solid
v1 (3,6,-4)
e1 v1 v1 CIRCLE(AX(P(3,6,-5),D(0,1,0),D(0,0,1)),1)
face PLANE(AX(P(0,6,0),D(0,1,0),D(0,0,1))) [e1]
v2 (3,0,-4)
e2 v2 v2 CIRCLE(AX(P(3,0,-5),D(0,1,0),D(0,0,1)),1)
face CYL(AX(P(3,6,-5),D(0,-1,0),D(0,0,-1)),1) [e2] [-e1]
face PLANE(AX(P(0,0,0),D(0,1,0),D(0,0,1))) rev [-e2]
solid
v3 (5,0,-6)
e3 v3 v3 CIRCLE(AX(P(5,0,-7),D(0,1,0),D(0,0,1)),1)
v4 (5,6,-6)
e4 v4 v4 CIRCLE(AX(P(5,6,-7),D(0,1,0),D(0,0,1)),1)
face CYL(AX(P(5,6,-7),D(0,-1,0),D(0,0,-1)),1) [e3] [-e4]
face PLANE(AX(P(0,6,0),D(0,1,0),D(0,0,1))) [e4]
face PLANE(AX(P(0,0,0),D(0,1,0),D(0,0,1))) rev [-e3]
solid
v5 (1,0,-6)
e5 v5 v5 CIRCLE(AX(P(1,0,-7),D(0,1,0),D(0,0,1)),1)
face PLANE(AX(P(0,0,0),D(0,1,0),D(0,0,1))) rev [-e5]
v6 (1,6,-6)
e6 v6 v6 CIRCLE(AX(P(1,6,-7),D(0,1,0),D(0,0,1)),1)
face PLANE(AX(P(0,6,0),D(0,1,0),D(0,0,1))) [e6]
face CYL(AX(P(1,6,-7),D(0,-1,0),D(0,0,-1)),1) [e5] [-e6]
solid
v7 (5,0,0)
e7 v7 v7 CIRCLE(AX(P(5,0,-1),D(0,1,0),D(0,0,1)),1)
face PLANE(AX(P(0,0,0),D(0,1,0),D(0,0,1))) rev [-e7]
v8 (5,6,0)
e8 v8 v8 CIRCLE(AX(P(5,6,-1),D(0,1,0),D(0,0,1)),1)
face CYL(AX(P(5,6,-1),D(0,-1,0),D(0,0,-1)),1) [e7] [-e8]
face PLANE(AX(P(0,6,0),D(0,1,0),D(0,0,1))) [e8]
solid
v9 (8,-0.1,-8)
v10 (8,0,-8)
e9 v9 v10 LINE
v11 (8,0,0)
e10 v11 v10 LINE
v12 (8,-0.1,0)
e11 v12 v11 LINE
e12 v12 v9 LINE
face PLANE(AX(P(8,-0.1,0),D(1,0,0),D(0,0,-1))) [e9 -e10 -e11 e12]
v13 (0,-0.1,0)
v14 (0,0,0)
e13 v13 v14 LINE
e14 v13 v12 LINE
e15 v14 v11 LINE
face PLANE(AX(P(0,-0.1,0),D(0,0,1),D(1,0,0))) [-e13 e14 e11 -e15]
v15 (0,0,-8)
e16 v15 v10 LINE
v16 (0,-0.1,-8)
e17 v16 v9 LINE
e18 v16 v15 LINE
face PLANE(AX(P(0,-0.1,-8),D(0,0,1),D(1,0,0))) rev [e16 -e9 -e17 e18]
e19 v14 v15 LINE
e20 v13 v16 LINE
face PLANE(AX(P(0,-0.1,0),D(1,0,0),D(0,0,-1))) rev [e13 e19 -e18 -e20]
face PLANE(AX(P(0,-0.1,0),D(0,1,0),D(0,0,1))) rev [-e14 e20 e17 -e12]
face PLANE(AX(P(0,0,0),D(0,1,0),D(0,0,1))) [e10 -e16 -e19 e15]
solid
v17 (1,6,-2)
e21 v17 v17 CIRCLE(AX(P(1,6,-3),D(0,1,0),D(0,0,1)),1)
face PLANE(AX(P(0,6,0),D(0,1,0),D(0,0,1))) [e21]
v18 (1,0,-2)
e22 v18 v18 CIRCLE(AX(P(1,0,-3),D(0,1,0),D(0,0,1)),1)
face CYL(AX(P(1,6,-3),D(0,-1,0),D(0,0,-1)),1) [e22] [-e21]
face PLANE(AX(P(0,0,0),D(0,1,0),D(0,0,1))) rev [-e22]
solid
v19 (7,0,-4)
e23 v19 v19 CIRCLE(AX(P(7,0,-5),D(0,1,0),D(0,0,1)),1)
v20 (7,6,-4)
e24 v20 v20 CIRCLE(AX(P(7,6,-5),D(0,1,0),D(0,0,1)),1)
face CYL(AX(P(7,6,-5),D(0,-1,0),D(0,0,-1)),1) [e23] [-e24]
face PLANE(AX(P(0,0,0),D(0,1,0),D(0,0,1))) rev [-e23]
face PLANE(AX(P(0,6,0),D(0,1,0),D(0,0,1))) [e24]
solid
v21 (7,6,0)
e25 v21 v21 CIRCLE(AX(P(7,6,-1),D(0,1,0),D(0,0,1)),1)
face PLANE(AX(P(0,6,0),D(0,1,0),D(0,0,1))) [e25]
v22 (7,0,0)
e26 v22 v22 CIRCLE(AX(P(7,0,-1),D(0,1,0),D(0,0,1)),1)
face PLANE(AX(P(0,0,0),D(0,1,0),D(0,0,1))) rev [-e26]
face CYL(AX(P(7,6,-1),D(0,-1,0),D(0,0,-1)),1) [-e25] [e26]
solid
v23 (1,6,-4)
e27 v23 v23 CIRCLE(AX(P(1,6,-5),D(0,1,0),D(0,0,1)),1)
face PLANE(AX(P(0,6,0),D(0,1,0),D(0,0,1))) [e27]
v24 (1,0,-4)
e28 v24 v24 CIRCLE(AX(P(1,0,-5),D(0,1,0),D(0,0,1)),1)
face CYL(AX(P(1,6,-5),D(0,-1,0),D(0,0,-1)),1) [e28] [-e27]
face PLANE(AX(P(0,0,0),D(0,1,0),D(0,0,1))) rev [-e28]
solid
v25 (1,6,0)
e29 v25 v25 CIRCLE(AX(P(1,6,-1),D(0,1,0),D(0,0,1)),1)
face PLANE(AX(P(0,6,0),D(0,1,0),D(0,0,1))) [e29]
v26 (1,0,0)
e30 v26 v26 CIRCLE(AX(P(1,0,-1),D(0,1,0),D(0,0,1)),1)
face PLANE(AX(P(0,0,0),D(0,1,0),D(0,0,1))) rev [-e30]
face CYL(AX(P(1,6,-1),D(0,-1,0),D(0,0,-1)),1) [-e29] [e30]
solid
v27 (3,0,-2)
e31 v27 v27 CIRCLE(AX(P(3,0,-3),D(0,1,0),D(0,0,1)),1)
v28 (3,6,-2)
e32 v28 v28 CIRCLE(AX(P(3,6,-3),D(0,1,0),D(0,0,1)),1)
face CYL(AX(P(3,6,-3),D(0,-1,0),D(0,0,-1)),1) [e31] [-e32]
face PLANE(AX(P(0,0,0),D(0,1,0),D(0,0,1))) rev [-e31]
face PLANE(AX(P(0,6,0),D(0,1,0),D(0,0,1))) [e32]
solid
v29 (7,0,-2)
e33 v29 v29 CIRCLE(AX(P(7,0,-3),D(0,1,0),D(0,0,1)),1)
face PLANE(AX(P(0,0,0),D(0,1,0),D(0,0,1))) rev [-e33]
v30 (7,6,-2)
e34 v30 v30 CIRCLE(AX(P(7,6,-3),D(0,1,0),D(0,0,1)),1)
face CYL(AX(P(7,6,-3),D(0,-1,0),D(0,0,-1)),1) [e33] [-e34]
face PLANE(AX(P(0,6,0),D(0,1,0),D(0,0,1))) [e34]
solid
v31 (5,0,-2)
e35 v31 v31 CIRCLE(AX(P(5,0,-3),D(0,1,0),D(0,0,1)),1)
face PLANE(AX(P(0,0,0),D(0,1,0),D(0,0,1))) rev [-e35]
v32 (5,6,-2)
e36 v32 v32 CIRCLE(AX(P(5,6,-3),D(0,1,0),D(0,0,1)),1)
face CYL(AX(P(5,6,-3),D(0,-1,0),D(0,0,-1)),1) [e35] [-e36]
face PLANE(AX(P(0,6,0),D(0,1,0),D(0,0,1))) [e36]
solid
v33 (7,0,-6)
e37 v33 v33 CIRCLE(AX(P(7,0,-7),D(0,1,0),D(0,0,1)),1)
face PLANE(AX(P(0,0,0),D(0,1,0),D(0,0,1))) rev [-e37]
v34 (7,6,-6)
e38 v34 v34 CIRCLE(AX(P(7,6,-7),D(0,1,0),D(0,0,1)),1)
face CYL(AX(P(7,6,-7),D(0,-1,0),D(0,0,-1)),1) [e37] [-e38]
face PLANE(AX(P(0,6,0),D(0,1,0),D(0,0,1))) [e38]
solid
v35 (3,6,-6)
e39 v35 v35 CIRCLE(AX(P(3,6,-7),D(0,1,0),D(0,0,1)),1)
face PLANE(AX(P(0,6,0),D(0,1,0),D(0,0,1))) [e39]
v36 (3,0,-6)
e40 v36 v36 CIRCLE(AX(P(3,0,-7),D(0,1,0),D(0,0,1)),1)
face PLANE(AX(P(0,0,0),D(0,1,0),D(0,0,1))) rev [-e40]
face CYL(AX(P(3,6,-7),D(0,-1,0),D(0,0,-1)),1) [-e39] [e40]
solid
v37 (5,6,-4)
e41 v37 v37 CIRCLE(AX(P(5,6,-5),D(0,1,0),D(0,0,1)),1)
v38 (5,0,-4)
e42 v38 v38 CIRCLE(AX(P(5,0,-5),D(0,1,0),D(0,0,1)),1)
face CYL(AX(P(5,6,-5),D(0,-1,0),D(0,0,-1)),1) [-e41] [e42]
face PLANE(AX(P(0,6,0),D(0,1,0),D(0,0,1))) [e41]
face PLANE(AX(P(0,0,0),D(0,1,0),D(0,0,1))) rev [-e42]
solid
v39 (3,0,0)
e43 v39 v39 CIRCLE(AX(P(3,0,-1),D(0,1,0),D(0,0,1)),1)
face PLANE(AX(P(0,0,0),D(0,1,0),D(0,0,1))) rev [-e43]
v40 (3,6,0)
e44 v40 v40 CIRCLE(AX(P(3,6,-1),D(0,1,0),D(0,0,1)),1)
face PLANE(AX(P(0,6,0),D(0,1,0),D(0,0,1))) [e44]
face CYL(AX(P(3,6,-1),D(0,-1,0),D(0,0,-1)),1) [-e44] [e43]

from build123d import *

# Parameters (mm, degrees)
SKETCH1_R              = 1
SKETCH1_W              = 8
SKETCH1_H              = 8
BOSS_EXTRUDE1_DEPTH    = 0.1
BOSS_EXTRUDE6_DEPTH    = 6
BOSS_EXTRUDE6_2_DEPTH  = 6
BOSS_EXTRUDE6_3_DEPTH  = 6
BOSS_EXTRUDE6_4_DEPTH  = 6
BOSS_EXTRUDE6_5_DEPTH  = 6
BOSS_EXTRUDE6_6_DEPTH  = 6
BOSS_EXTRUDE6_7_DEPTH  = 6
BOSS_EXTRUDE6_8_DEPTH  = 6
BOSS_EXTRUDE6_9_DEPTH  = 6
BOSS_EXTRUDE6_10_DEPTH = 6
BOSS_EXTRUDE6_11_DEPTH = 6
BOSS_EXTRUDE6_12_DEPTH = 6
BOSS_EXTRUDE6_13_DEPTH = 6
BOSS_EXTRUDE6_14_DEPTH = 6
BOSS_EXTRUDE6_15_DEPTH = 6
BOSS_EXTRUDE6_16_DEPTH = 6


with BuildPart() as part:
    # Sketch1 → Boss-Extrude1 (new body)
    with BuildSketch(Plane(origin=(0, 0, 0), x_dir=(1, 0, 0), z_dir=(0, 1, 0))):
        with Locations((3, 1)):
            Circle(SKETCH1_R)
        with Locations((3, 3)):
            Circle(SKETCH1_R)
        with Locations((1, 3)):
            Circle(SKETCH1_R)
        with Locations((1, 1)):
            Circle(SKETCH1_R)
        with Locations((4, 4)):
            Rectangle(SKETCH1_W, SKETCH1_H)
    extrude(amount=-BOSS_EXTRUDE1_DEPTH)


with BuildPart() as body_2:
    # Sketch1<5> → Boss-Extrude6 (new body)
    with BuildSketch(Plane(origin=(0, 0, 0), x_dir=(1, 0, 0), z_dir=(0, 1, 0))):
        with BuildLine():
            ThreePointArc((2, 1), (1.707106781, 1.707106781), (1, 2))
            ThreePointArc((1, 2), (0.292893219, 0.292893219), (2, 1))
        make_face()
    extrude(amount=BOSS_EXTRUDE6_DEPTH)


with BuildPart() as body_3:
    # Sketch1<5> → Boss-Extrude6 2 (new body)
    with BuildSketch(Plane(origin=(0, 0, 0), x_dir=(1, 0, 0), z_dir=(0, 1, 0))):
        with BuildLine():
            ThreePointArc((2, 1), (3, 0), (4, 1))
            ThreePointArc((4, 1), (3.707106781, 1.707106781), (3, 2))
            ThreePointArc((3, 2), (2.292893219, 1.707106781), (2, 1))
        make_face()
    extrude(amount=BOSS_EXTRUDE6_2_DEPTH)


with BuildPart() as body_4:
    # Sketch1<5> → Boss-Extrude6 3 (new body)
    with BuildSketch(Plane(origin=(0, 0, 0), x_dir=(1, 0, 0), z_dir=(0, 1, 0))):
        with BuildLine():
            ThreePointArc((1, 2), (1.707106781, 2.292893219), (2, 3))
            ThreePointArc((2, 3), (1.707106781, 3.707106781), (1, 4))
            ThreePointArc((1, 4), (0, 3), (1, 2))
        make_face()
    extrude(amount=BOSS_EXTRUDE6_3_DEPTH)


with BuildPart() as body_5:
    # Sketch1<5> → Boss-Extrude6 4 (new body)
    with BuildSketch(Plane(origin=(0, 0, 0), x_dir=(1, 0, 0), z_dir=(0, 1, 0))):
        with BuildLine():
            ThreePointArc((4, 1), (5, 0), (6, 1))
            ThreePointArc((6, 1), (5.707106781, 1.707106781), (5, 2))
            ThreePointArc((5, 2), (4.292893219, 1.707106781), (4, 1))
        make_face()
    extrude(amount=BOSS_EXTRUDE6_4_DEPTH)


with BuildPart() as body_6:
    # Sketch1<5> → Boss-Extrude6 5 (new body)
    with BuildSketch(Plane(origin=(0, 0, 0), x_dir=(1, 0, 0), z_dir=(0, 1, 0))):
        with BuildLine():
            ThreePointArc((2, 3), (2.292893219, 2.292893219), (3, 2))
            ThreePointArc((3, 2), (3.707106781, 2.292893219), (4, 3))
            ThreePointArc((4, 3), (3.707106781, 3.707106781), (3, 4))
            ThreePointArc((3, 4), (2.292893219, 3.707106781), (2, 3))
        make_face()
    extrude(amount=BOSS_EXTRUDE6_5_DEPTH)


with BuildPart() as body_7:
    # Sketch1<5> → Boss-Extrude6 6 (new body)
    with BuildSketch(Plane(origin=(0, 0, 0), x_dir=(1, 0, 0), z_dir=(0, 1, 0))):
        with BuildLine():
            ThreePointArc((1, 4), (1.707106781, 4.292893219), (2, 5))
            ThreePointArc((2, 5), (1.707106781, 5.707106781), (1, 6))
            ThreePointArc((1, 6), (0, 5), (1, 4))
        make_face()
    extrude(amount=BOSS_EXTRUDE6_6_DEPTH)


with BuildPart() as body_8:
    # Sketch1<5> → Boss-Extrude6 7 (new body)
    with BuildSketch(Plane(origin=(0, 0, 0), x_dir=(1, 0, 0), z_dir=(0, 1, 0))):
        with BuildLine():
            ThreePointArc((6, 1), (7.707106781, 0.292893219), (7, 2))
            ThreePointArc((7, 2), (6.292893219, 1.707106781), (6, 1))
        make_face()
    extrude(amount=BOSS_EXTRUDE6_7_DEPTH)


with BuildPart() as body_9:
    # Sketch1<5> → Boss-Extrude6 8 (new body)
    with BuildSketch(Plane(origin=(0, 0, 0), x_dir=(1, 0, 0), z_dir=(0, 1, 0))):
        with BuildLine():
            ThreePointArc((4, 3), (4.292893219, 2.292893219), (5, 2))
            ThreePointArc((5, 2), (5.707106781, 2.292893219), (6, 3))
            ThreePointArc((6, 3), (5.707106781, 3.707106781), (5, 4))
            ThreePointArc((5, 4), (4.292893219, 3.707106781), (4, 3))
        make_face()
    extrude(amount=BOSS_EXTRUDE6_8_DEPTH)


with BuildPart() as body_10:
    # Sketch1<5> → Boss-Extrude6 9 (new body)
    with BuildSketch(Plane(origin=(0, 0, 0), x_dir=(1, 0, 0), z_dir=(0, 1, 0))):
        with BuildLine():
            ThreePointArc((1, 6), (1.707106781, 6.292893219), (2, 7))
            ThreePointArc((2, 7), (0.292893219, 7.707106781), (1, 6))
        make_face()
    extrude(amount=BOSS_EXTRUDE6_9_DEPTH)


with BuildPart() as body_11:
    # Sketch1<5> → Boss-Extrude6 10 (new body)
    with BuildSketch(Plane(origin=(0, 0, 0), x_dir=(1, 0, 0), z_dir=(0, 1, 0))):
        with BuildLine():
            ThreePointArc((3, 4), (3.707106781, 4.292893219), (4, 5))
            ThreePointArc((4, 5), (3.707106781, 5.707106781), (3, 6))
            ThreePointArc((3, 6), (2.292893219, 5.707106781), (2, 5))
            ThreePointArc((2, 5), (2.292893219, 4.292893219), (3, 4))
        make_face()
    extrude(amount=BOSS_EXTRUDE6_10_DEPTH)


with BuildPart() as body_12:
    # Sketch1<5> → Boss-Extrude6 11 (new body)
    with BuildSketch(Plane(origin=(0, 0, 0), x_dir=(1, 0, 0), z_dir=(0, 1, 0))):
        with BuildLine():
            ThreePointArc((6, 3), (6.292893219, 2.292893219), (7, 2))
            ThreePointArc((7, 2), (8, 3), (7, 4))
            ThreePointArc((7, 4), (6.292893219, 3.707106781), (6, 3))
        make_face()
    extrude(amount=BOSS_EXTRUDE6_11_DEPTH)


with BuildPart() as body_13:
    # Sketch1<5> → Boss-Extrude6 12 (new body)
    with BuildSketch(Plane(origin=(0, 0, 0), x_dir=(1, 0, 0), z_dir=(0, 1, 0))):
        with BuildLine():
            ThreePointArc((4, 5), (4.292893219, 4.292893219), (5, 4))
            ThreePointArc((5, 4), (5.707106781, 4.292893219), (6, 5))
            ThreePointArc((6, 5), (5.707106781, 5.707106781), (5, 6))
            ThreePointArc((5, 6), (4.292893219, 5.707106781), (4, 5))
        make_face()
    extrude(amount=BOSS_EXTRUDE6_12_DEPTH)


with BuildPart() as body_14:
    # Sketch1<5> → Boss-Extrude6 13 (new body)
    with BuildSketch(Plane(origin=(0, 0, 0), x_dir=(1, 0, 0), z_dir=(0, 1, 0))):
        with BuildLine():
            ThreePointArc((3, 6), (3.707106781, 6.292893219), (4, 7))
            ThreePointArc((4, 7), (3, 8), (2, 7))
            ThreePointArc((2, 7), (2.292893219, 6.292893219), (3, 6))
        make_face()
    extrude(amount=BOSS_EXTRUDE6_13_DEPTH)


with BuildPart() as body_15:
    # Sketch1<5> → Boss-Extrude6 14 (new body)
    with BuildSketch(Plane(origin=(0, 0, 0), x_dir=(1, 0, 0), z_dir=(0, 1, 0))):
        with BuildLine():
            ThreePointArc((6, 5), (6.292893219, 4.292893219), (7, 4))
            ThreePointArc((7, 4), (8, 5), (7, 6))
            ThreePointArc((7, 6), (6.292893219, 5.707106781), (6, 5))
        make_face()
    extrude(amount=BOSS_EXTRUDE6_14_DEPTH)


with BuildPart() as body_16:
    # Sketch1<5> → Boss-Extrude6 15 (new body)
    with BuildSketch(Plane(origin=(0, 0, 0), x_dir=(1, 0, 0), z_dir=(0, 1, 0))):
        with BuildLine():
            ThreePointArc((5, 6), (5.707106781, 6.292893219), (6, 7))
            ThreePointArc((6, 7), (5, 8), (4, 7))
            ThreePointArc((4, 7), (4.292893219, 6.292893219), (5, 6))
        make_face()
    extrude(amount=BOSS_EXTRUDE6_15_DEPTH)


with BuildPart() as body_17:
    # Sketch1<5> → Boss-Extrude6 16 (new body)
    with BuildSketch(Plane(origin=(0, 0, 0), x_dir=(1, 0, 0), z_dir=(0, 1, 0))):
        with BuildLine():
            ThreePointArc((6, 7), (6.292893219, 6.292893219), (7, 6))
            ThreePointArc((7, 6), (7.707106781, 7.707106781), (6, 7))
        make_face()
    extrude(amount=BOSS_EXTRUDE6_16_DEPTH)


solid = Compound([part.part, body_2.part, body_3.part, body_4.part, body_5.part, body_6.part, body_7.part, body_8.part, body_9.part, body_10.part, body_11.part, body_12.part, body_13.part, body_14.part, body_15.part, body_16.part, body_17.part])
